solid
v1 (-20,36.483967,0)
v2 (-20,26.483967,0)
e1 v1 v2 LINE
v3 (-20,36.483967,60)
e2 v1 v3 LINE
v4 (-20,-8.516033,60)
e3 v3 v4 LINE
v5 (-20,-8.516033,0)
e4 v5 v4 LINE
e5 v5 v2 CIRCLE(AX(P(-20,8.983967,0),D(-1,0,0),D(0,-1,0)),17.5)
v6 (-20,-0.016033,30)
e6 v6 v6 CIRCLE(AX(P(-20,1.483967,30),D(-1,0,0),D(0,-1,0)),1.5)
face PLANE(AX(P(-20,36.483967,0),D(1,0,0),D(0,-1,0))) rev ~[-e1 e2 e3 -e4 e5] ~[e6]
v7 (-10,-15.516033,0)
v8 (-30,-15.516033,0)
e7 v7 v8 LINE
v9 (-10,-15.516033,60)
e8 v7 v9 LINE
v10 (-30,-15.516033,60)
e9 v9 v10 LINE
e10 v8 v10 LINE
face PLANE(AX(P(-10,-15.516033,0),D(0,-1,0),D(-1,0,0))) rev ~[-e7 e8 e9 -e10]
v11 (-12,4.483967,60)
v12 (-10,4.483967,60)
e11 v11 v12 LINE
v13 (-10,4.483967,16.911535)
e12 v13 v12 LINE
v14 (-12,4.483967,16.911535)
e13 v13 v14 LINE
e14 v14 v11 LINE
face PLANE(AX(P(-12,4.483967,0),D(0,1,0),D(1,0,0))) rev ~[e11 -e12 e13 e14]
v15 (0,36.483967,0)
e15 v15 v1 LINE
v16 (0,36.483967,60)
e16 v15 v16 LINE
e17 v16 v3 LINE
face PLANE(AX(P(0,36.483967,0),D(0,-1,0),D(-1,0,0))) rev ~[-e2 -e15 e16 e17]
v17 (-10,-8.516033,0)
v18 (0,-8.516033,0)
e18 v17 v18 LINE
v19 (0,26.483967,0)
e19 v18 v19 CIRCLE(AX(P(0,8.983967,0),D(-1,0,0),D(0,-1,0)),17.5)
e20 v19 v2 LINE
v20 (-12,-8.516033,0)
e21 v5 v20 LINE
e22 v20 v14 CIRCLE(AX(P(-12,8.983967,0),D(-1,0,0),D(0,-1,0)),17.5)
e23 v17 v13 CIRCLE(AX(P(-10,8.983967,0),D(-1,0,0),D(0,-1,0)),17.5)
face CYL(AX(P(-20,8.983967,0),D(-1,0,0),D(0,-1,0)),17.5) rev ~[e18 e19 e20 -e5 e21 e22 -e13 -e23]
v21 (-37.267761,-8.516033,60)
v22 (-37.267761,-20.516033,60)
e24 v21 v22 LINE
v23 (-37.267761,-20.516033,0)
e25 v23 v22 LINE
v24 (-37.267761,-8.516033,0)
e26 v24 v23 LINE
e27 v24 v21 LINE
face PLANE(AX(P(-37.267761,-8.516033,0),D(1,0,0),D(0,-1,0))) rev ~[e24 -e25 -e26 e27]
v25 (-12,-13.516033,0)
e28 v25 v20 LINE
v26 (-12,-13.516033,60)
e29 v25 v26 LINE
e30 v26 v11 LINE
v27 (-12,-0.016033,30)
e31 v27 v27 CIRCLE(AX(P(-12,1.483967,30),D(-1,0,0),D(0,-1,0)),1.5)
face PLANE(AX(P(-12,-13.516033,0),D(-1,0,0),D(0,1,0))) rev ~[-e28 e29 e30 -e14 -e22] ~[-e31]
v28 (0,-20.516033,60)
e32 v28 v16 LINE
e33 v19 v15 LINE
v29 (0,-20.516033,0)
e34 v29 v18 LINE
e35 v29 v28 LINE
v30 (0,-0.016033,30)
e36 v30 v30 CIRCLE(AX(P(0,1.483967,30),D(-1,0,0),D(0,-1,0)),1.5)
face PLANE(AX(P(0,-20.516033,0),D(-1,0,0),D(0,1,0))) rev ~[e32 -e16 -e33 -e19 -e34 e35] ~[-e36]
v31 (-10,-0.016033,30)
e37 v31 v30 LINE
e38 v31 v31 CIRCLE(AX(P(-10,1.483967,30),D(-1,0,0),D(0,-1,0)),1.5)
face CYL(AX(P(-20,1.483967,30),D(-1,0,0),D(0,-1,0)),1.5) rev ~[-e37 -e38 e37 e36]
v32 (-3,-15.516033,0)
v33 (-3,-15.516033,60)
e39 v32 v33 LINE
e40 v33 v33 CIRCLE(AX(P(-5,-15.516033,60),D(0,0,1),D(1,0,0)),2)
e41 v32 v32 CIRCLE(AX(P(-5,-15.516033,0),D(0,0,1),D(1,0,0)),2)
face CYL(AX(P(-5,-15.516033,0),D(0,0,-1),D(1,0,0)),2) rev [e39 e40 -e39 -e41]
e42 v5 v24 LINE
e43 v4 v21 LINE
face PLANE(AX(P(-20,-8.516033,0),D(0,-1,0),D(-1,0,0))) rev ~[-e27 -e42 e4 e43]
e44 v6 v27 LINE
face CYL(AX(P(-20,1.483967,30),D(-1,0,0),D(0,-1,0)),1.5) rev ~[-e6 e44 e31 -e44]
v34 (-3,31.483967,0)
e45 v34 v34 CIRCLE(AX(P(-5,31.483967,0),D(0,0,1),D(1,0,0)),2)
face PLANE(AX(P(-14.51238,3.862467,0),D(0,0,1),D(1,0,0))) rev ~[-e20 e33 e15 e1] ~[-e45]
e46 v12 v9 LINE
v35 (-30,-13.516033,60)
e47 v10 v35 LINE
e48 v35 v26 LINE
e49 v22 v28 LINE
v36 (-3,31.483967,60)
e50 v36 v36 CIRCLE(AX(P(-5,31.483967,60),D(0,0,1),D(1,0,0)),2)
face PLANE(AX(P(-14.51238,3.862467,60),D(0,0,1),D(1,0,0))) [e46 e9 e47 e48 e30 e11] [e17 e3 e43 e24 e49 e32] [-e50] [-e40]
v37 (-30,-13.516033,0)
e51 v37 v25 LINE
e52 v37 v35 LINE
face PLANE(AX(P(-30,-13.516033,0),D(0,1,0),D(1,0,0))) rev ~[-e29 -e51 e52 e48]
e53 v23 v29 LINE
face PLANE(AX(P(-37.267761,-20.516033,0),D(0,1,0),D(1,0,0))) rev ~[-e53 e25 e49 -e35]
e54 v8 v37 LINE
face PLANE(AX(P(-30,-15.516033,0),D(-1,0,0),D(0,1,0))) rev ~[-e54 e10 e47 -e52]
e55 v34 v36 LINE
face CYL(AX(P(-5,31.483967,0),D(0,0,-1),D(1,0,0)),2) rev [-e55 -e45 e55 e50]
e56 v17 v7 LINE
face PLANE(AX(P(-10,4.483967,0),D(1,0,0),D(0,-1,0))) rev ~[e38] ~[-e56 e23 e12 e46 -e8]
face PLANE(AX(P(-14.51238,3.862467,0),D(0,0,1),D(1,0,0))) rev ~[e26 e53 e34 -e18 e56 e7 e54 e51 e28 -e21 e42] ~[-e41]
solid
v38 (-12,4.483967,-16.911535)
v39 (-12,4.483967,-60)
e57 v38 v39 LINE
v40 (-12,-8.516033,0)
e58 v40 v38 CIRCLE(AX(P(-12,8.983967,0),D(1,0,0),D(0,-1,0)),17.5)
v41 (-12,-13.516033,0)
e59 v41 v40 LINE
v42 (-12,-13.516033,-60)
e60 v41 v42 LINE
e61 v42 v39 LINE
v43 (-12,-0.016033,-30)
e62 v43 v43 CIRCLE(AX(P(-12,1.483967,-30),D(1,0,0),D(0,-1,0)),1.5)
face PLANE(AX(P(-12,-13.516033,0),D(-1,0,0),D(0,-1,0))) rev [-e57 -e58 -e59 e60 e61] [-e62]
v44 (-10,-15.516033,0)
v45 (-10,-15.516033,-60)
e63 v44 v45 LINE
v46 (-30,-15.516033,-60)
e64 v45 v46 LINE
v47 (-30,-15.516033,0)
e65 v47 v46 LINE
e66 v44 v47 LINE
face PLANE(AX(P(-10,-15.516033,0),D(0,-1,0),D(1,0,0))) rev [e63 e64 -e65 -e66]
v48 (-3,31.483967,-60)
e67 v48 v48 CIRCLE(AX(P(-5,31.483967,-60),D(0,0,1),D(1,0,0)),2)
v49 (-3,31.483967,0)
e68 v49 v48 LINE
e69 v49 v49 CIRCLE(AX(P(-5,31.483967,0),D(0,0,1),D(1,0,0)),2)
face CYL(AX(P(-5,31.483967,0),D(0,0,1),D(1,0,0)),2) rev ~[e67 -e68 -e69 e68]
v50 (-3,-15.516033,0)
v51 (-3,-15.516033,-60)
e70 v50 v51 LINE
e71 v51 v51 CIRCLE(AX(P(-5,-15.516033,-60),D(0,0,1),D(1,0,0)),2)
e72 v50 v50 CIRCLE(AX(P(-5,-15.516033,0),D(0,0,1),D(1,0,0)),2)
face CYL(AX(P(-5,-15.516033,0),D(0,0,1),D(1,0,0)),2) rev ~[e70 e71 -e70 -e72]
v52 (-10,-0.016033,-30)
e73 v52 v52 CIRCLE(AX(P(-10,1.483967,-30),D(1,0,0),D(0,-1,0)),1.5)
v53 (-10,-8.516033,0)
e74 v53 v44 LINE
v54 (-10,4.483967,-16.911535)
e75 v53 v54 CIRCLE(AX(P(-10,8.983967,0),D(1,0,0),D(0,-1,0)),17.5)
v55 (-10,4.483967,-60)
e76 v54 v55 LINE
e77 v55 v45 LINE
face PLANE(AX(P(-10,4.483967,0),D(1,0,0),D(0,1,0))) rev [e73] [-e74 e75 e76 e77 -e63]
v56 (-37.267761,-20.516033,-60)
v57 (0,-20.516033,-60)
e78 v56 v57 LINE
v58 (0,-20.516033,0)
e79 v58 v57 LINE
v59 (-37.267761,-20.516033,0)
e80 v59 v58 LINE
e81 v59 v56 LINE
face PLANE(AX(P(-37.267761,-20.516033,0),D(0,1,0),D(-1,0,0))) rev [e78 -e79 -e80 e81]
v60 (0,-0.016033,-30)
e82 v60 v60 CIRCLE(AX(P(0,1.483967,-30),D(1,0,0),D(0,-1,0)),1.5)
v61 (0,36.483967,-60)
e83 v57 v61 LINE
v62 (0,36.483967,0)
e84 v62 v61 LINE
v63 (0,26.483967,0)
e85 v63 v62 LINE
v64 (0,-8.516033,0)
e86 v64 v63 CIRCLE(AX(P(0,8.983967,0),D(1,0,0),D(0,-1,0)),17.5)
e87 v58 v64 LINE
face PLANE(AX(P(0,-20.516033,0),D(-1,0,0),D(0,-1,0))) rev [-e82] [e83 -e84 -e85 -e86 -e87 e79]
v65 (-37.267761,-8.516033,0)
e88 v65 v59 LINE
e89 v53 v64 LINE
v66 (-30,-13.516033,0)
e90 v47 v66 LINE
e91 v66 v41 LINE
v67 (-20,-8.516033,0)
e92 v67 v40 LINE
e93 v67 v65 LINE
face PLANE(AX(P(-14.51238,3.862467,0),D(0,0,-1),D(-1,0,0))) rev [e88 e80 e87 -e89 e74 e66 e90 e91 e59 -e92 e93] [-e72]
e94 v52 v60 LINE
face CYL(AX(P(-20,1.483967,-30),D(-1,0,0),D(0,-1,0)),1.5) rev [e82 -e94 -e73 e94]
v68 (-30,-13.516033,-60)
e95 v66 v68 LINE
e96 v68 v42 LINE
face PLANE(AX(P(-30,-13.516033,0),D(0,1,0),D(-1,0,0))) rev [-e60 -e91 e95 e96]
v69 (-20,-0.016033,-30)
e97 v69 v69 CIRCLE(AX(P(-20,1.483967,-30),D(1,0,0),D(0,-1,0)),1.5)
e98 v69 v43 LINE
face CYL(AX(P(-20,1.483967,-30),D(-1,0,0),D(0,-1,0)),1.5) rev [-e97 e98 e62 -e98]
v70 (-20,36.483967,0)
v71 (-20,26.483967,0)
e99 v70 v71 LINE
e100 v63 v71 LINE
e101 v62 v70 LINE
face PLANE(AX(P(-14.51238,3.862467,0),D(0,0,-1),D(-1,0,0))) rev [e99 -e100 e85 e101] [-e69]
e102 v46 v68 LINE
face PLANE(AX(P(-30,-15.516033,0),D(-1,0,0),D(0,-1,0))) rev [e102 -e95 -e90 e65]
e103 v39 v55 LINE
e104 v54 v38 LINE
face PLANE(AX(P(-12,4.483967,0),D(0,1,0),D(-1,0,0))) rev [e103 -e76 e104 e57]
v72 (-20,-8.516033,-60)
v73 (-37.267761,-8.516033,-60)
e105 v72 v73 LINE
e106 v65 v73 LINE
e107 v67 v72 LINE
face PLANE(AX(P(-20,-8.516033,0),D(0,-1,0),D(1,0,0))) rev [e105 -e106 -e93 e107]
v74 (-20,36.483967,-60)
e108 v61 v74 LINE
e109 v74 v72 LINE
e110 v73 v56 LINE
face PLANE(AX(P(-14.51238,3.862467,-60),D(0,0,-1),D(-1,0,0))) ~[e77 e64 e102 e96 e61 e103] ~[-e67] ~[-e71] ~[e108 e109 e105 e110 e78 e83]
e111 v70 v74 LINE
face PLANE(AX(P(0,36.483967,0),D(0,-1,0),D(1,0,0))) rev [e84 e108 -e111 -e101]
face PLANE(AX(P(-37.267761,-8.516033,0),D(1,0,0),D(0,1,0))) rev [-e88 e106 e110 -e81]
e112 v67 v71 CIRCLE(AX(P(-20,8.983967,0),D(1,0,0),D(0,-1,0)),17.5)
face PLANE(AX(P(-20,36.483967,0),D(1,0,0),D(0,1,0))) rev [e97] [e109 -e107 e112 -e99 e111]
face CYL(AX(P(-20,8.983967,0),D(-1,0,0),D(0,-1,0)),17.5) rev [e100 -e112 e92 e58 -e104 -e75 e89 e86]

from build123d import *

# Parameters (mm, degrees)
F0_R     = 2
F1_DEPTH = 60
F2_R     = 1.5
F2_R_2   = 17.5
F3_DEPTH = 20.001


with BuildPart() as f1:
    # F0 (on Top) → F1 (new body)
    with BuildSketch(Plane.XY):
        Polygon((0, 36.483967), (-20, 36.483967), (-20, -8.516033), (-37.267761, -8.516033), (-37.267761, -20.516033), (0, -20.516033), align=None)
        Polygon((-10, -15.516033), (-30, -15.516033), (-30, -13.516033), (-12, -13.516033), (-12, 4.483967), (-10, 4.483967), align=None, mode=Mode.SUBTRACT)
        with Locations((-5, -15.516033)):
            Circle(F0_R, mode=Mode.SUBTRACT)
        with Locations((-5, 31.483967)):
            Circle(F0_R, mode=Mode.SUBTRACT)
    extrude(amount=F1_DEPTH)

    # F2 (on face) → F3 (cut, through all)
    with BuildSketch(Plane(origin=(-20, 0, 0), x_dir=(0, -1, 0), z_dir=(-1, 0, 0))):
        with Locations((-1.483967, 30)):
            Circle(F2_R)
        with Locations((-8.983967, 0)):
            Circle(F2_R_2)
    extrude(amount=-F3_DEPTH, mode=Mode.SUBTRACT)


with BuildPart() as f4_1:
    # F4: instance of F1
    add(f1.part.mirror(Plane.XY))


solid = Compound([f1.part, f4_1.part])
